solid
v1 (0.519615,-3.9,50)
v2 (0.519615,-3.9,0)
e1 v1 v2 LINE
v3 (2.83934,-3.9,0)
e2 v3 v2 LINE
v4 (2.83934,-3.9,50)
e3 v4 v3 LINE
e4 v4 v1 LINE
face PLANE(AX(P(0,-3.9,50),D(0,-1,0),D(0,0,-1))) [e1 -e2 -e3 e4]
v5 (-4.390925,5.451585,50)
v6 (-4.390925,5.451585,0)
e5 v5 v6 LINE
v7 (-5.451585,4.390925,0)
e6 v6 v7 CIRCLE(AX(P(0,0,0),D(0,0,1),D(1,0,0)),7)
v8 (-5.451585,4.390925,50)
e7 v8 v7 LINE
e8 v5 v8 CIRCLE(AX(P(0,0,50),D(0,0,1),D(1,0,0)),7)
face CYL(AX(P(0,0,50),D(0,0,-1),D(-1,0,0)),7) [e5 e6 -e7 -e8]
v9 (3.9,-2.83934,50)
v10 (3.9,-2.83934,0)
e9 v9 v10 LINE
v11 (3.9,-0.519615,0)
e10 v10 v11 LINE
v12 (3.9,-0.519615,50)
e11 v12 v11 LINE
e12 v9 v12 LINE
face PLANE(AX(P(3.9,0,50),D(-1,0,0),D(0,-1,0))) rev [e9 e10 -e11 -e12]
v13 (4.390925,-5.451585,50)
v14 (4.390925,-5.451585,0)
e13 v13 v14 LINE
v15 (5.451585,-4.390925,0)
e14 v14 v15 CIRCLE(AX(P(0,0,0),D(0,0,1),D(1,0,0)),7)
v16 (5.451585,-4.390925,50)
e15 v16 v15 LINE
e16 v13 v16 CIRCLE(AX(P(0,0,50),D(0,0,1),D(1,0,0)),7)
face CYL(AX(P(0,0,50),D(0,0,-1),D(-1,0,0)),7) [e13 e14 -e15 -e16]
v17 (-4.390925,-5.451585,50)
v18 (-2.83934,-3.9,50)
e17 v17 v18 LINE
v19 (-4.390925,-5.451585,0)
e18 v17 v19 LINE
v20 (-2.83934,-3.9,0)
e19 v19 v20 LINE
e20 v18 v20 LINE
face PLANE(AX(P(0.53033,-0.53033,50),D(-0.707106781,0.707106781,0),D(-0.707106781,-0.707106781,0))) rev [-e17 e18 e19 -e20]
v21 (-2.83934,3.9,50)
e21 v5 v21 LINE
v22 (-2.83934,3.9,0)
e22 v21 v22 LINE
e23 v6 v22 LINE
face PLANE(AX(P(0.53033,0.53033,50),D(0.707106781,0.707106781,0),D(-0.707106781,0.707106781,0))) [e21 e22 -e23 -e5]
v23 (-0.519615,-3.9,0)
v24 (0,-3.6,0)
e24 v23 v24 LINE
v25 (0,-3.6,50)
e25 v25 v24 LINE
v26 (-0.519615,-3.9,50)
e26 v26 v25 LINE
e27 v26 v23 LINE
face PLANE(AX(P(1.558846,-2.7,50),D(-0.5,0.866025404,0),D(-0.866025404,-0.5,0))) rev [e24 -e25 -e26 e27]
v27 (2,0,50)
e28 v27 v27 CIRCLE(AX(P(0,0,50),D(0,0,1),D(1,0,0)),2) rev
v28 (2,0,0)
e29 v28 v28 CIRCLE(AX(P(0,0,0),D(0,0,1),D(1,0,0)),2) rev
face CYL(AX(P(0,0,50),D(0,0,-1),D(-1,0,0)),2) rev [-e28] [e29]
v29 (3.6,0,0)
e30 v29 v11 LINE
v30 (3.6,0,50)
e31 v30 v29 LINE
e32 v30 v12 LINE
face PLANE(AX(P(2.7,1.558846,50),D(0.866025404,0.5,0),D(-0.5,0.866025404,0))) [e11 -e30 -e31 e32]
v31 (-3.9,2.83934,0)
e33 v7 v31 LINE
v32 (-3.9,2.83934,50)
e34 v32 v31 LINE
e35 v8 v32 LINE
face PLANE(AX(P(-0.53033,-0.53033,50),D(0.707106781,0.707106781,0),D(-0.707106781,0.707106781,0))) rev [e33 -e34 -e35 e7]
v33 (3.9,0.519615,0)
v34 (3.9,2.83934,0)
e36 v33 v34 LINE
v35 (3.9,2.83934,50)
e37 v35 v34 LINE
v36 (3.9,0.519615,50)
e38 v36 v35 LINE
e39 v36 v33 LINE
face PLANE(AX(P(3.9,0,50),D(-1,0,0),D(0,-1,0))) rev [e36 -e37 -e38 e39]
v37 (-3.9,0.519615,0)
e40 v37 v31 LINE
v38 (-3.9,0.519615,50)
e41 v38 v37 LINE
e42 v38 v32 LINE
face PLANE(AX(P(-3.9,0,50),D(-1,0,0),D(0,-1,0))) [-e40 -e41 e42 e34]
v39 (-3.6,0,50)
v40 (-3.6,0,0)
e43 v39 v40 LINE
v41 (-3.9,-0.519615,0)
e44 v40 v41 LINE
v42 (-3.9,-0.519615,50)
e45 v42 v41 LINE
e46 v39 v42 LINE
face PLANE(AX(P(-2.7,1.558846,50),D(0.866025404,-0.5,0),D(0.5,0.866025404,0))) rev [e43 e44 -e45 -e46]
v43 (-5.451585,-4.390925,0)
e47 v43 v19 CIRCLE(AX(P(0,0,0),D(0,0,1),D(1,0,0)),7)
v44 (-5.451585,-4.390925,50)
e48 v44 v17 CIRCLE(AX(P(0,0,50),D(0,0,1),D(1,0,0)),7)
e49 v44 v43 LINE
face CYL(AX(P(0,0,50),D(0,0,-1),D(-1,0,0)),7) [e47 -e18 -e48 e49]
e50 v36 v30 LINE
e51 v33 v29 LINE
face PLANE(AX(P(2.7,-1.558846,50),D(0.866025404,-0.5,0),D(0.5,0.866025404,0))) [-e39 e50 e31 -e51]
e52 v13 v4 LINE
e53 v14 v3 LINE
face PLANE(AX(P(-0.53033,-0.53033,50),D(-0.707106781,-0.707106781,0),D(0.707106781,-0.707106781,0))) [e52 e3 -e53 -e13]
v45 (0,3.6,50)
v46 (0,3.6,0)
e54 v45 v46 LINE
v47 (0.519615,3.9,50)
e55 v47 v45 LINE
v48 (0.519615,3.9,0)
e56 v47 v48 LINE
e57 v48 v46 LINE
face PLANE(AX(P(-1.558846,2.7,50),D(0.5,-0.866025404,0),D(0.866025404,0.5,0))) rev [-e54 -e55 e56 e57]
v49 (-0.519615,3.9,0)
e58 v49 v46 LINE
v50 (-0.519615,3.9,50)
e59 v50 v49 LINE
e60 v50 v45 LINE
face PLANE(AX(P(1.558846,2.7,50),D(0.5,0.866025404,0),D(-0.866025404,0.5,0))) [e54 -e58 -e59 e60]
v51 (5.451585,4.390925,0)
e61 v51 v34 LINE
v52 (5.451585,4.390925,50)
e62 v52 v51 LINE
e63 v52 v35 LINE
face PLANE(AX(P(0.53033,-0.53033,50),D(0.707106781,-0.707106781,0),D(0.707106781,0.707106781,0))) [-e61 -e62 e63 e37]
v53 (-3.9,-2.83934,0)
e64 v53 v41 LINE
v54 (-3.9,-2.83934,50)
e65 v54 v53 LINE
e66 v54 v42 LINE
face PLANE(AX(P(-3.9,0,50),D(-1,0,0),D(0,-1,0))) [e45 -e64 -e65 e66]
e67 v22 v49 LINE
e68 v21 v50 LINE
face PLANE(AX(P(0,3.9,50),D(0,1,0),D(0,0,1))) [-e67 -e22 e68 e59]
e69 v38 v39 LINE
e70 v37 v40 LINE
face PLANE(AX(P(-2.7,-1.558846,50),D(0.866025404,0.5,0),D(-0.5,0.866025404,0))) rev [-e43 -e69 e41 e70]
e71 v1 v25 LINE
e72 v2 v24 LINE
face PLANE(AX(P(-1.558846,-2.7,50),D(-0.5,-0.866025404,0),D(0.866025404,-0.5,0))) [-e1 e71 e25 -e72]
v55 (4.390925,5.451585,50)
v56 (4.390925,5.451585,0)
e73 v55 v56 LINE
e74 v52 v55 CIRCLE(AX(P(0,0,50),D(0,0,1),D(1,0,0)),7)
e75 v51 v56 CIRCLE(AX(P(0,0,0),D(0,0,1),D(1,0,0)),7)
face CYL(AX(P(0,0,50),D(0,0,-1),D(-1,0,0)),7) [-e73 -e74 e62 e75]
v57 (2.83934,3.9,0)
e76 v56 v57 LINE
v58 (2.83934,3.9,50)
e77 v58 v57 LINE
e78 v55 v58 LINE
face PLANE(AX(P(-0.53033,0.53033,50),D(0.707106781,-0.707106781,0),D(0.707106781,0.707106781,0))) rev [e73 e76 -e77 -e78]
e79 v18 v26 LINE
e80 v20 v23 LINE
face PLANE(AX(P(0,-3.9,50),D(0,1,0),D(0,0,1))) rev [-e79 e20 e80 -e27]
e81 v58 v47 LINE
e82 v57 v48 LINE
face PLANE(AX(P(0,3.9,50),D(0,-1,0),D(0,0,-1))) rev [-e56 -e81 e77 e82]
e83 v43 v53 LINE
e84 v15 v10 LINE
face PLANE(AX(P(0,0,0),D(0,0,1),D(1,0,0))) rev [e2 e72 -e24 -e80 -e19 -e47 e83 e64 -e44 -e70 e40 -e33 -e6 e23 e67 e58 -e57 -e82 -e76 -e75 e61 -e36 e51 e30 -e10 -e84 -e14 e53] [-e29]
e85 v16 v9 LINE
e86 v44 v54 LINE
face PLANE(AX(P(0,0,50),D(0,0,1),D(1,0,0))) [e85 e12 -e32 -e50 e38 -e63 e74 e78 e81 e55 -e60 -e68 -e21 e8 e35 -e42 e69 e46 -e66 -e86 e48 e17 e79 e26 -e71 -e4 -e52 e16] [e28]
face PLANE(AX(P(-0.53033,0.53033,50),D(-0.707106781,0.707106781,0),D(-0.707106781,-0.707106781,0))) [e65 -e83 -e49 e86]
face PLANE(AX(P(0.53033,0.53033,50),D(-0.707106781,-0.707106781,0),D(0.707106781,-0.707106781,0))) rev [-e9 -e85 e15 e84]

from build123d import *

# Parameters (mm, degrees)
SKETCH1_R           = 2
BOSS_EXTRUDE1_DEPTH = 50


with BuildPart() as part:
    # Sketch1 → Boss-Extrude1 (new body)
    with BuildSketch(Plane.XY):
        with BuildLine():
            Line((3.9, 2.839339828), (5.451585007, 4.390924835))
            ThreePointArc((5.451585007, 4.390924835), (4.949747468, 4.949747468), (4.390924835, 5.451585007))
            Line((4.390924835, 5.451585007), (2.839339828, 3.9))
            Line((2.839339828, 3.9), (0.519615242, 3.9))
            Line((0.519615242, 3.9), (0, 3.6))
            Line((0, 3.6), (-0.519615242, 3.9))
            Line((-0.519615242, 3.9), (-2.839339828, 3.9))
            Line((-2.839339828, 3.9), (-4.390924835, 5.451585007))
            ThreePointArc((-4.390924835, 5.451585007), (-4.949747468, 4.949747468), (-5.451585007, 4.390924835))
            Line((-5.451585007, 4.390924835), (-3.9, 2.839339828))
            Line((-3.9, 2.839339828), (-3.9, 0.519615242))
            Line((-3.9, 0.519615242), (-3.6, 0))
            Line((-3.6, 0), (-3.9, -0.519615242))
            Line((-3.9, -0.519615242), (-3.9, -2.839339828))
            Line((-3.9, -2.839339828), (-5.451585007, -4.390924835))
            ThreePointArc((-5.451585007, -4.390924835), (-4.949747468, -4.949747468), (-4.390924835, -5.451585007))
            Line((-4.390924835, -5.451585007), (-2.839339828, -3.9))
            Line((-2.839339828, -3.9), (-0.519615242, -3.9))
            Line((-0.519615242, -3.9), (0, -3.6))
            Line((0, -3.6), (0.519615242, -3.9))
            Line((0.519615242, -3.9), (2.839339828, -3.9))
            Line((2.839339828, -3.9), (4.390924835, -5.451585007))
            ThreePointArc((4.390924835, -5.451585007), (4.949747468, -4.949747468), (5.451585007, -4.390924835))
            Line((5.451585007, -4.390924835), (3.9, -2.839339828))
            Line((3.9, -2.839339828), (3.9, -0.519615242))
            Line((3.9, -0.519615242), (3.6, 0))
            Line((3.6, 0), (3.9, 0.519615242))
            Line((3.9, 0.519615242), (3.9, 2.839339828))
        make_face()
        Circle(SKETCH1_R, mode=Mode.SUBTRACT)
    extrude(amount=BOSS_EXTRUDE1_DEPTH)


solid = part.part
